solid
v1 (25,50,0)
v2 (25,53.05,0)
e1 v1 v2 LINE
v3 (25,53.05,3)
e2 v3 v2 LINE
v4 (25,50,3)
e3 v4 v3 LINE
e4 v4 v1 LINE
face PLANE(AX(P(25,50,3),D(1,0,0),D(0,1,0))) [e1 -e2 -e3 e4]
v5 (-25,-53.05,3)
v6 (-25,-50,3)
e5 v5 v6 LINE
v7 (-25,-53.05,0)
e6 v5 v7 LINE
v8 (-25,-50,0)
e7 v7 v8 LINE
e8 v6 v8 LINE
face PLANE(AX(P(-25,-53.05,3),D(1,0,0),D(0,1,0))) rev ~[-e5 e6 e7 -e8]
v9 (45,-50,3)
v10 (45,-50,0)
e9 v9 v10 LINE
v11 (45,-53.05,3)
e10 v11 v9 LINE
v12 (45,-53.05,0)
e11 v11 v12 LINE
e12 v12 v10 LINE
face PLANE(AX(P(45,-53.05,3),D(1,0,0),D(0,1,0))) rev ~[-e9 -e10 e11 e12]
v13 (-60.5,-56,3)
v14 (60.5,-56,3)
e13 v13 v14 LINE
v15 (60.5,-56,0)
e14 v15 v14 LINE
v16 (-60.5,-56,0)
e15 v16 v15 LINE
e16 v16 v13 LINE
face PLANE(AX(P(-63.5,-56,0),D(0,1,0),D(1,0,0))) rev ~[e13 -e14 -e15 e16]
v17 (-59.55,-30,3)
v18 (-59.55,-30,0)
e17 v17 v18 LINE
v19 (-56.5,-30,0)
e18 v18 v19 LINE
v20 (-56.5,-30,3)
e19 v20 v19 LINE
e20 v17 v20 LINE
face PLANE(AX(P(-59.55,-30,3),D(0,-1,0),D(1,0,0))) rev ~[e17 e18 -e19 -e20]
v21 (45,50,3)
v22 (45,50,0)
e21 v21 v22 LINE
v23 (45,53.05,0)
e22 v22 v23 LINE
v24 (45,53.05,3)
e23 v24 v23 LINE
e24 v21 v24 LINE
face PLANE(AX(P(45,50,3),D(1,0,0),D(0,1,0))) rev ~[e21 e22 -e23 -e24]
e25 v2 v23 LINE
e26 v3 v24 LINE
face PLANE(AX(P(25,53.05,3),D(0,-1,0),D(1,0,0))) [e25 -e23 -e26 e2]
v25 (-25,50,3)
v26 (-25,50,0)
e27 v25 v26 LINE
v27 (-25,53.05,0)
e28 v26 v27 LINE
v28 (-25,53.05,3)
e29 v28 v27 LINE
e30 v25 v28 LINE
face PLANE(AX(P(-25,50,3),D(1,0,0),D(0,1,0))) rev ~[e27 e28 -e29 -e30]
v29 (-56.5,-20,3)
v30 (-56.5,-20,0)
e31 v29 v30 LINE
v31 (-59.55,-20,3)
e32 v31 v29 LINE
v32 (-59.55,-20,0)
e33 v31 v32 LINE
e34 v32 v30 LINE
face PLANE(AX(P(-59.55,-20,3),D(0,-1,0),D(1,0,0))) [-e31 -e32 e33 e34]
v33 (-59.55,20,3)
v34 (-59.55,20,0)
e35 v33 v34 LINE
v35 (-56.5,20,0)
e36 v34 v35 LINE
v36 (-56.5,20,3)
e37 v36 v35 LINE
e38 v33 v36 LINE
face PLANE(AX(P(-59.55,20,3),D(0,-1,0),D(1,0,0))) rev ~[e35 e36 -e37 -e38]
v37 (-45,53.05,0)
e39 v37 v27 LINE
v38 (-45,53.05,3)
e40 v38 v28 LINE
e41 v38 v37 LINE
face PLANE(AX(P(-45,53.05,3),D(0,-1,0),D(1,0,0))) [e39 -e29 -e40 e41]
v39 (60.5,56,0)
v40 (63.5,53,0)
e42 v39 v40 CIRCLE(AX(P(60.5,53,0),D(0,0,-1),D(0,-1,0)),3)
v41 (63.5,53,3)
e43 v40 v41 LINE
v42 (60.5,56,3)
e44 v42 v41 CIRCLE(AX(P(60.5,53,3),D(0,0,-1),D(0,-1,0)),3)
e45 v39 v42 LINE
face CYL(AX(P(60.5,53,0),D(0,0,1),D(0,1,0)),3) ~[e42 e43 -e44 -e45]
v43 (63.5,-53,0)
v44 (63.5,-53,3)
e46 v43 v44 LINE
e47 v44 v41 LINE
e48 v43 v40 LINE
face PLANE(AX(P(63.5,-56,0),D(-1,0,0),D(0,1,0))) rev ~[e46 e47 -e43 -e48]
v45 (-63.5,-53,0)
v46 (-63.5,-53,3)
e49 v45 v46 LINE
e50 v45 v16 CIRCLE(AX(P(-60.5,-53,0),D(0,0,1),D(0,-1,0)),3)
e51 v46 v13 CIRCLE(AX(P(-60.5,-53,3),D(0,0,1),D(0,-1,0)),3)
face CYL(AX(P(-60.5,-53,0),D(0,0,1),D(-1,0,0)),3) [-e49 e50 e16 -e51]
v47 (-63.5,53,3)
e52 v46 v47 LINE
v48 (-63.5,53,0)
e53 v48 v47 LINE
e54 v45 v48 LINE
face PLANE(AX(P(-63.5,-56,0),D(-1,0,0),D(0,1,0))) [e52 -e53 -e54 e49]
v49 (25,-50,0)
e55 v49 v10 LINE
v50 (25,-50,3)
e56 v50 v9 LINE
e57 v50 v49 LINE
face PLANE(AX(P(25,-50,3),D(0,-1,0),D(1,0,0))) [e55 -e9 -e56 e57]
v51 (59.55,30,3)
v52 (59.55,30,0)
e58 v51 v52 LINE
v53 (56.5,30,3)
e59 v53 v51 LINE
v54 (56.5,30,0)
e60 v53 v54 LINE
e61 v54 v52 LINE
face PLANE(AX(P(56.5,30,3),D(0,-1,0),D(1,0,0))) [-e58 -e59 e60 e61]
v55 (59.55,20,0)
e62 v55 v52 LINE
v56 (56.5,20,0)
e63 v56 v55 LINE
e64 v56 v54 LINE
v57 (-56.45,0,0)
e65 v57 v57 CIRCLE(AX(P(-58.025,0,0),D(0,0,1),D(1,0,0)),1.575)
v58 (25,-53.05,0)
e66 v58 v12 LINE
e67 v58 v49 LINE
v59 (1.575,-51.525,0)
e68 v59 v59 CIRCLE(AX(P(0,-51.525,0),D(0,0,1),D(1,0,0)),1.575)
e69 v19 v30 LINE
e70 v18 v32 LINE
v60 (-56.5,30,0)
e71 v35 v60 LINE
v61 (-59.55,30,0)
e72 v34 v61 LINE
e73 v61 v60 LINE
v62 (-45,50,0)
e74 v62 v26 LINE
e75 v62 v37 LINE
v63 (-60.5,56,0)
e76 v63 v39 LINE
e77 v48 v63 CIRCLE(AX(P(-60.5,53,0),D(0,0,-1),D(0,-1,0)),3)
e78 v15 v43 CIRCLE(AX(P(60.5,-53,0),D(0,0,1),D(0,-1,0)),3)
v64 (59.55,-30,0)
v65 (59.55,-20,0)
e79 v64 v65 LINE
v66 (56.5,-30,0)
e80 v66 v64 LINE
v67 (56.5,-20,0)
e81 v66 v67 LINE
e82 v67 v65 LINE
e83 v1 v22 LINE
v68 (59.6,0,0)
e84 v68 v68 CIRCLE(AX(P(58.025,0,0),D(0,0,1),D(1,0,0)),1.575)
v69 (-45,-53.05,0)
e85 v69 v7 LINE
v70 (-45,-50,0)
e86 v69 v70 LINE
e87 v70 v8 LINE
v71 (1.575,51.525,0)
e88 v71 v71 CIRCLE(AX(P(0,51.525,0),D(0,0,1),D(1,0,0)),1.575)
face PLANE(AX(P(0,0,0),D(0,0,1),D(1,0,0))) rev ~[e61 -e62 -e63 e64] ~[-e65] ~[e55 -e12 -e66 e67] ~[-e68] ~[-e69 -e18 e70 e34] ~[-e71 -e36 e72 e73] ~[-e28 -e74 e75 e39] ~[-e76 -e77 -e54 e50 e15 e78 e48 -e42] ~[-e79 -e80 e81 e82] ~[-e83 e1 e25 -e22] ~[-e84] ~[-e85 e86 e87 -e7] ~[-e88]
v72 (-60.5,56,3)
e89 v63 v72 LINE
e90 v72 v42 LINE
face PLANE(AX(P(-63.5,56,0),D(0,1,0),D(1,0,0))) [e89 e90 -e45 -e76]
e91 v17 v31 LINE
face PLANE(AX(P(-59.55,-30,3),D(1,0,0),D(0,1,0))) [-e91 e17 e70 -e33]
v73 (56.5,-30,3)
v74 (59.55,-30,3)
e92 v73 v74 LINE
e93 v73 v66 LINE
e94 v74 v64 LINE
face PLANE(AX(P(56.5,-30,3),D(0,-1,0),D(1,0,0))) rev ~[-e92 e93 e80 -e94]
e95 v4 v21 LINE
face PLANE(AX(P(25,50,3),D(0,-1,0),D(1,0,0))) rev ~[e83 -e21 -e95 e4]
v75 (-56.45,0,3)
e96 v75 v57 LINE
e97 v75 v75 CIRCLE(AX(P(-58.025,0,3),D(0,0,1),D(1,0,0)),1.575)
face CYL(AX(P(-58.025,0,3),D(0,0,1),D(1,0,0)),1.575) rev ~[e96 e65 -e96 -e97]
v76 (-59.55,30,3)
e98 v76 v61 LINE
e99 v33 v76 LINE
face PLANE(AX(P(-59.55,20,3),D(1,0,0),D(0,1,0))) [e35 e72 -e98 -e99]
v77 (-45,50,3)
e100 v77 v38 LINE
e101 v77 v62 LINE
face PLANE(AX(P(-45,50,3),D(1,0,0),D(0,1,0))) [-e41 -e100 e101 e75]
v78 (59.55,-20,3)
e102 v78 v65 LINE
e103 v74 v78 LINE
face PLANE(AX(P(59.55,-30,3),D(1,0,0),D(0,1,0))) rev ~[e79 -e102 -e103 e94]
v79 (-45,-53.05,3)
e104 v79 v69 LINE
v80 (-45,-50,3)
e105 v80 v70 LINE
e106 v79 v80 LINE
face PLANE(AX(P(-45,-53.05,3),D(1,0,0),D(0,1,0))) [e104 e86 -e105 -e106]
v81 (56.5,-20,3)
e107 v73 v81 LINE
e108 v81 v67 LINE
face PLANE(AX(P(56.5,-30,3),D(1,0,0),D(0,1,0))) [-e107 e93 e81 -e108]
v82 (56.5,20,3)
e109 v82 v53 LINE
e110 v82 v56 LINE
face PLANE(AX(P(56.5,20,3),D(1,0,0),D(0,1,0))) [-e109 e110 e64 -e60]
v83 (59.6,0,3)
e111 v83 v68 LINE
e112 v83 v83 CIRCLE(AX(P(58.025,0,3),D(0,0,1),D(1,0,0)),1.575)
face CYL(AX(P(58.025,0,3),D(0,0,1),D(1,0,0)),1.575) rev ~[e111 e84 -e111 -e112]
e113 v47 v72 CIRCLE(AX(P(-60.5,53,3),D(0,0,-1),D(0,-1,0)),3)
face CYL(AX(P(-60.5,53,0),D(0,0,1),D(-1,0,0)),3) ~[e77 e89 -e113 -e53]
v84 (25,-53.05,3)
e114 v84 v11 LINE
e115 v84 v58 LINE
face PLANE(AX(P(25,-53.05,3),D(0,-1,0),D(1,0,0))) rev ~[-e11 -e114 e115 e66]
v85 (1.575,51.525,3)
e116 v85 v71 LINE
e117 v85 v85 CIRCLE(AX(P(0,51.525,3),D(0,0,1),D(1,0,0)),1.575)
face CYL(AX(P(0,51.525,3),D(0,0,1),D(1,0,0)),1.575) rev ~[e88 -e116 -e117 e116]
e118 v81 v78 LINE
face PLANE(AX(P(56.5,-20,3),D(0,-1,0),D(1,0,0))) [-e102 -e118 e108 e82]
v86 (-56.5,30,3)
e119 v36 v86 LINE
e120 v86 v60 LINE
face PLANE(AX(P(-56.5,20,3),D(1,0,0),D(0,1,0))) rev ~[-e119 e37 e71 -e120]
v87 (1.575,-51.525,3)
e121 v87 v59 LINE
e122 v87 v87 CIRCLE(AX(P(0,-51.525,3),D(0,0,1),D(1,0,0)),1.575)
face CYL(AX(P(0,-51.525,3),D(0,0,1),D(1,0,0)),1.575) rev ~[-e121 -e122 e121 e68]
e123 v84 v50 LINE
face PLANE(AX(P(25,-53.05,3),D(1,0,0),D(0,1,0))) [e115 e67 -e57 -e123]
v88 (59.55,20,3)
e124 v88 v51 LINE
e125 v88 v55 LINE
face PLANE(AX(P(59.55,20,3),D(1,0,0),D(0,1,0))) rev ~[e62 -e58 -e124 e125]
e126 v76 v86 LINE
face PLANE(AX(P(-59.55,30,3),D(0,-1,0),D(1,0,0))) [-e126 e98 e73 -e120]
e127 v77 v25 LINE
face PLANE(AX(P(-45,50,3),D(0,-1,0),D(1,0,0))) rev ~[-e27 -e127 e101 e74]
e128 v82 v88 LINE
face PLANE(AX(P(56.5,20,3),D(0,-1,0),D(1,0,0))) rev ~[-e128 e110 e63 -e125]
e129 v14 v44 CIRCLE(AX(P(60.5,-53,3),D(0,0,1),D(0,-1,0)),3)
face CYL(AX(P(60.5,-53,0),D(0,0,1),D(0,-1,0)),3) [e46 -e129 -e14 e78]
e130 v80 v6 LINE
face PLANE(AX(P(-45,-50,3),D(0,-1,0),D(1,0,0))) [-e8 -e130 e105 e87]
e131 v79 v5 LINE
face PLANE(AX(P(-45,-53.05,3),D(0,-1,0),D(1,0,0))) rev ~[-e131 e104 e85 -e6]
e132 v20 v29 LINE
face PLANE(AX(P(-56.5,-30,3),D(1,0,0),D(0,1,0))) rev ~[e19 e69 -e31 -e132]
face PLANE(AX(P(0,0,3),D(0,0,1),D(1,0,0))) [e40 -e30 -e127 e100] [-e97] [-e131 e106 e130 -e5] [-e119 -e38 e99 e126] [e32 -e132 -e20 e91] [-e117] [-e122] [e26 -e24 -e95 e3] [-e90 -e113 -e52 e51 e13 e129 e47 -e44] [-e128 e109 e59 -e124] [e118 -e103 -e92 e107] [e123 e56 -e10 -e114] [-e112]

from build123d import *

# Parameters (mm, degrees)
F0_W     = 127
F0_H     = 112
F1_DEPTH = 3
F2_W     = 3.05
F2_H     = 10
F2_R     = 1.575
F2_W_2   = 20
F2_H_2   = 3.05
F3_DEPTH = 3
F4_R     = 3


with BuildPart() as f1:
    # F0 (on Top) → F1 (new body)
    with BuildSketch(Plane.XY):
        Rectangle(F0_W, F0_H)
    extrude(amount=F1_DEPTH)

    # F2 (on face) → F3 (cut, through all)
    with BuildSketch(Plane.XY.offset(3)):
        with Locations((-58.025, 25)):
            Rectangle(F2_W, F2_H)
        with Locations((-58.025, -25)):
            Rectangle(F2_W, F2_H)
        with Locations((-58.025, 0)):
            Circle(F2_R)
        with Locations((58.025, -25)):
            Rectangle(F2_W, F2_H)
        with Locations((58.025, 25)):
            Rectangle(F2_W, F2_H)
        with Locations((58.025, 0)):
            Circle(F2_R)
        with Locations((-35, -51.525)):
            Rectangle(F2_W_2, F2_H_2)
        with Locations((35, -51.525)):
            Rectangle(F2_W_2, F2_H_2)
        with Locations((0, -51.525)):
            Circle(F2_R)
        with Locations((-35, 51.525)):
            Rectangle(F2_W_2, F2_H_2)
        with Locations((35, 51.525)):
            Rectangle(F2_W_2, F2_H_2)
        with Locations((0, 51.525)):
            Circle(F2_R)
    extrude(amount=-F3_DEPTH, mode=Mode.SUBTRACT)

    # F4
    f4_edges = [f1.edges().sort_by_distance(p)[0] for p in [
        (63.5, -56, 1.5),
        (-63.5, -56, 1.5),
        (-63.5, 56, 1.5),
        (63.5, 56, 1.5),
    ]]
    fillet(f4_edges, radius=F4_R)


solid = f1.part
